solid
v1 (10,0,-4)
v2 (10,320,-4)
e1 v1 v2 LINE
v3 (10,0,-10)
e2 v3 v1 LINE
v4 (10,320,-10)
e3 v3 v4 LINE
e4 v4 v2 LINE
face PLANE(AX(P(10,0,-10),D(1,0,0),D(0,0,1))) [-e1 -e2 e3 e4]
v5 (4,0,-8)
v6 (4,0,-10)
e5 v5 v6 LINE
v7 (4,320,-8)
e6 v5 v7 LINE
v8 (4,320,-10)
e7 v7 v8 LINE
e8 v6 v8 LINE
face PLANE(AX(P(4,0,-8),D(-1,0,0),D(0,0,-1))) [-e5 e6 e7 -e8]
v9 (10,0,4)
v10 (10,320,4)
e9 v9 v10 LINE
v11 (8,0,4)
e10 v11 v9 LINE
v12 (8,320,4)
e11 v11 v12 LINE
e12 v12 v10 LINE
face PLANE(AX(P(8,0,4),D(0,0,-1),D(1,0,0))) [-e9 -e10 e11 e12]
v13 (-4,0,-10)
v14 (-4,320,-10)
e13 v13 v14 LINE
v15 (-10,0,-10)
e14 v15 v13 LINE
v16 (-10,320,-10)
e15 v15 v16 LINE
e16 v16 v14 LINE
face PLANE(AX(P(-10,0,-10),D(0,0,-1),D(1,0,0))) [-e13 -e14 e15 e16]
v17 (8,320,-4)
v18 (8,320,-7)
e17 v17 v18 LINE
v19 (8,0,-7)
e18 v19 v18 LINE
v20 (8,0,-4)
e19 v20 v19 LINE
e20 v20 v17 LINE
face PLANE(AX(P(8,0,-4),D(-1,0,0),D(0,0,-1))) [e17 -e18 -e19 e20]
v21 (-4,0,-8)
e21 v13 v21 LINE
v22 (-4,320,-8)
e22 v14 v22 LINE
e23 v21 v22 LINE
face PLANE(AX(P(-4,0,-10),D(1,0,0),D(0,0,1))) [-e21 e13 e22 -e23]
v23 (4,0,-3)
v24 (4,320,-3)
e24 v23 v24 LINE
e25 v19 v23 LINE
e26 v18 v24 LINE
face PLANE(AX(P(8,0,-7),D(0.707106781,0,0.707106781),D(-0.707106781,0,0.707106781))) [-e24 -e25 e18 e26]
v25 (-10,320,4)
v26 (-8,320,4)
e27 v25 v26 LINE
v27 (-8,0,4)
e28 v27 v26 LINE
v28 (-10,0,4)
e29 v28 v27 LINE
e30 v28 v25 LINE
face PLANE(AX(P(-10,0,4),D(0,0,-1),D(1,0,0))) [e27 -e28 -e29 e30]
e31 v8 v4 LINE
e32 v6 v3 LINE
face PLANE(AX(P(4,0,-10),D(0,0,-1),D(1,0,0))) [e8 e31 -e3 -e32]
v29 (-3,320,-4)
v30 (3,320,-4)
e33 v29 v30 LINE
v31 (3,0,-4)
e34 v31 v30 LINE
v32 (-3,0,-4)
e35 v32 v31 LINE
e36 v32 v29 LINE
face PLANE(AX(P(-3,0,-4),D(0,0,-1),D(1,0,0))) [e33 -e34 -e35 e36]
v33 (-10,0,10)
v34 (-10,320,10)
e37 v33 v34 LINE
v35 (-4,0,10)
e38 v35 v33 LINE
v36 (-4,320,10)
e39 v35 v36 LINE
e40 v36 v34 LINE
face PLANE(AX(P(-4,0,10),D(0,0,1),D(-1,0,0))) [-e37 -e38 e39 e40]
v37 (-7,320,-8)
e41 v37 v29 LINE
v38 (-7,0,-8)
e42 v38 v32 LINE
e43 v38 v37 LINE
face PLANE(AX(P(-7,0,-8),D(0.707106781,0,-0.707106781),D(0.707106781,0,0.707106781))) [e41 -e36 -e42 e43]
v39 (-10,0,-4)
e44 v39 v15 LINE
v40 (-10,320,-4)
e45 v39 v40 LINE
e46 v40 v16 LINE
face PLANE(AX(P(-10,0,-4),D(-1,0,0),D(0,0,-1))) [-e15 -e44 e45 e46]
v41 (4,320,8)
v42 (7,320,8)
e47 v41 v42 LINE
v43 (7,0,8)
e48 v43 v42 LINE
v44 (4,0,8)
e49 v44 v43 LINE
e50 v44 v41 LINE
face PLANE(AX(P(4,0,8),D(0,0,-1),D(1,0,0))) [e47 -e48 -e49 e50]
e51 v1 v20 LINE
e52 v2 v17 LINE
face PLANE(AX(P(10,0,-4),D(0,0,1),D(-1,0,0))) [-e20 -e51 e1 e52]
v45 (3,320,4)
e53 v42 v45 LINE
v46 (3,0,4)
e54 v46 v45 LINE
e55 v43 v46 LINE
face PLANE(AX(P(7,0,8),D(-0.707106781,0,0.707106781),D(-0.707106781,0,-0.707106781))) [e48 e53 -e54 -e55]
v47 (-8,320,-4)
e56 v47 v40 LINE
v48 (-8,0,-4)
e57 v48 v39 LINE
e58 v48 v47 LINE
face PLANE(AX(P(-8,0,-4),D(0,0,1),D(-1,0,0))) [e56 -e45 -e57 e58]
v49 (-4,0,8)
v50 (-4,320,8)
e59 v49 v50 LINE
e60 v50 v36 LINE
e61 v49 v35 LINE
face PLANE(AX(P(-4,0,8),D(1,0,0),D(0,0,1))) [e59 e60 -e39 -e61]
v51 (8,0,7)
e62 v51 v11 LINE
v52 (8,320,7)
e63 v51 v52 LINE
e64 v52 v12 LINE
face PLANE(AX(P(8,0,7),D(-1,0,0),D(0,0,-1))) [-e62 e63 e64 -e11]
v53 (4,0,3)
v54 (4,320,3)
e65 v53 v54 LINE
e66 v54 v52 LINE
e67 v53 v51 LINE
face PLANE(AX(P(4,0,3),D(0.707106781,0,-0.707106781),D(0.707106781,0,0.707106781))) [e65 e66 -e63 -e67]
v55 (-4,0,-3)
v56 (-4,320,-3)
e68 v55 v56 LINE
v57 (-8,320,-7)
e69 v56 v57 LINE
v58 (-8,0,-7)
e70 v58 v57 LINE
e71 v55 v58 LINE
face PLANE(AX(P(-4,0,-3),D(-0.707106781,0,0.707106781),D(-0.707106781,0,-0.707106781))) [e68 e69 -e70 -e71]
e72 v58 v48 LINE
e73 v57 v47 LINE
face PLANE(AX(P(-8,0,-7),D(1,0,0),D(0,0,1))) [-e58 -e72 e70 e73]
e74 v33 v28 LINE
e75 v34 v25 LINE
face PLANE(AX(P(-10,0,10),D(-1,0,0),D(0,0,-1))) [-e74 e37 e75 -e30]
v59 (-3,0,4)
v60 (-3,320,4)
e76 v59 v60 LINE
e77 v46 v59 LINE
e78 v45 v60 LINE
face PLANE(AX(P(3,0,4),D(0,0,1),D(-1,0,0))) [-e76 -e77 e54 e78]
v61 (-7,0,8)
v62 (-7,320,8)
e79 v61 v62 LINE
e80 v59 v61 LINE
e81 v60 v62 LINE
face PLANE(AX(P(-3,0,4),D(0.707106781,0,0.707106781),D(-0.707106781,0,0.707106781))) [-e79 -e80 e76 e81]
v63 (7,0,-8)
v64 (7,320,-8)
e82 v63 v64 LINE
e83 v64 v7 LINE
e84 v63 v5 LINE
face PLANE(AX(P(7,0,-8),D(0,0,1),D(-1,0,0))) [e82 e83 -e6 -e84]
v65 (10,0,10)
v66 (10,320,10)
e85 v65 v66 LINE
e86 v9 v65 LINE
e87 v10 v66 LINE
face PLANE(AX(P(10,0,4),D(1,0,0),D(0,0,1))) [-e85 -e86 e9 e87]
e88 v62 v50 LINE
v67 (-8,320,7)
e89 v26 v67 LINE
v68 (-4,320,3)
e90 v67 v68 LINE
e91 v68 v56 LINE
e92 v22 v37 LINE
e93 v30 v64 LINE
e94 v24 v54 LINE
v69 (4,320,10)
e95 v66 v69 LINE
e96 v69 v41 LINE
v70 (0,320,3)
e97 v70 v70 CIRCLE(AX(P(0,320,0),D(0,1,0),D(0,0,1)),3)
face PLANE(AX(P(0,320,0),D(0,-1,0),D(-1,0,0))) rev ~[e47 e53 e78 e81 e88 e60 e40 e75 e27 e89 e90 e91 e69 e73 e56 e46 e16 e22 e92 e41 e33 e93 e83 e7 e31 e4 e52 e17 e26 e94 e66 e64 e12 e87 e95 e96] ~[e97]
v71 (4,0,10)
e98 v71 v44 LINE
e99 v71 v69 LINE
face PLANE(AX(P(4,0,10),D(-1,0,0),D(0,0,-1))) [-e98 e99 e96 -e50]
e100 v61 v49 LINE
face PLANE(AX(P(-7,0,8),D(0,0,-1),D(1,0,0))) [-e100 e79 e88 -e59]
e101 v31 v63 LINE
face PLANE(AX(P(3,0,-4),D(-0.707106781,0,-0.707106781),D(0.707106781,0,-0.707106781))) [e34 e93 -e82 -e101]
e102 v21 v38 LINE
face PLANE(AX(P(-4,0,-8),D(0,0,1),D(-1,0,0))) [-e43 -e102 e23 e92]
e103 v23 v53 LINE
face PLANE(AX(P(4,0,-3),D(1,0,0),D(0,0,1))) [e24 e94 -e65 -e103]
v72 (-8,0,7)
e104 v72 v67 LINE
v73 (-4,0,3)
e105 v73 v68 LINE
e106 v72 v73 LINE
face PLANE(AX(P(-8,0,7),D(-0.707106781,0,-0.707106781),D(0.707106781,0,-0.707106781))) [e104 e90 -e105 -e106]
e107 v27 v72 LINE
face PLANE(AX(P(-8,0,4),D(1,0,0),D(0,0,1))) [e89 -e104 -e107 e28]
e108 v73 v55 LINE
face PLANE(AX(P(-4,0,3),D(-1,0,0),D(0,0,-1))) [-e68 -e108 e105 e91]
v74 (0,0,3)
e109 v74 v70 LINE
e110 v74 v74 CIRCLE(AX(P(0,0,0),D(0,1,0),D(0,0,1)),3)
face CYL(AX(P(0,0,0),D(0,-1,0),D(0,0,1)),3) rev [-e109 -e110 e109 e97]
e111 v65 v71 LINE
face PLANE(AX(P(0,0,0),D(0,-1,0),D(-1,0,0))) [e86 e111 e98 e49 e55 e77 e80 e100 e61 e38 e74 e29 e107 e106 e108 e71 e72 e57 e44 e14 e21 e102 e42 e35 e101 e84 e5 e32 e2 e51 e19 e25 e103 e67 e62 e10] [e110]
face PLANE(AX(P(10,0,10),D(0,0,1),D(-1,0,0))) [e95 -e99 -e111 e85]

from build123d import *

# Parameters (mm, degrees)
F_2020_SKETCH_R     = 3
BOSS_EXTRUDE1_DEPTH = 320


with BuildPart() as part:
    # 2020 sketch → Boss-Extrude1 (new body)
    with BuildSketch(Plane(origin=(0, 0, 0), x_dir=(1, 0, 0), z_dir=(0, 1, 0))):
        Polygon((-4, 10), (-4, 8), (-7, 8), (-3, 4), (3, 4), (7, 8), (4, 8), (4, 10), (10, 10), (10, 4), (8, 4), (8, 7), (4, 3), (4, -3), (8, -7), (8, -4), (10, -4), (10, -10), (4, -10), (4, -8), (7, -8), (3, -4), (-3, -4), (-7, -8), (-4, -8), (-4, -10), (-10, -10), (-10, -4), (-8, -4), (-8, -7), (-4, -3), (-4, 3), (-8, 7), (-8, 4), (-10, 4), (-10, 10), align=None)
        with Locations(Location((0, 0, 0), (0, 0, 270))):
            Circle(F_2020_SKETCH_R, mode=Mode.SUBTRACT)
    extrude(amount=BOSS_EXTRUDE1_DEPTH)


solid = part.part
